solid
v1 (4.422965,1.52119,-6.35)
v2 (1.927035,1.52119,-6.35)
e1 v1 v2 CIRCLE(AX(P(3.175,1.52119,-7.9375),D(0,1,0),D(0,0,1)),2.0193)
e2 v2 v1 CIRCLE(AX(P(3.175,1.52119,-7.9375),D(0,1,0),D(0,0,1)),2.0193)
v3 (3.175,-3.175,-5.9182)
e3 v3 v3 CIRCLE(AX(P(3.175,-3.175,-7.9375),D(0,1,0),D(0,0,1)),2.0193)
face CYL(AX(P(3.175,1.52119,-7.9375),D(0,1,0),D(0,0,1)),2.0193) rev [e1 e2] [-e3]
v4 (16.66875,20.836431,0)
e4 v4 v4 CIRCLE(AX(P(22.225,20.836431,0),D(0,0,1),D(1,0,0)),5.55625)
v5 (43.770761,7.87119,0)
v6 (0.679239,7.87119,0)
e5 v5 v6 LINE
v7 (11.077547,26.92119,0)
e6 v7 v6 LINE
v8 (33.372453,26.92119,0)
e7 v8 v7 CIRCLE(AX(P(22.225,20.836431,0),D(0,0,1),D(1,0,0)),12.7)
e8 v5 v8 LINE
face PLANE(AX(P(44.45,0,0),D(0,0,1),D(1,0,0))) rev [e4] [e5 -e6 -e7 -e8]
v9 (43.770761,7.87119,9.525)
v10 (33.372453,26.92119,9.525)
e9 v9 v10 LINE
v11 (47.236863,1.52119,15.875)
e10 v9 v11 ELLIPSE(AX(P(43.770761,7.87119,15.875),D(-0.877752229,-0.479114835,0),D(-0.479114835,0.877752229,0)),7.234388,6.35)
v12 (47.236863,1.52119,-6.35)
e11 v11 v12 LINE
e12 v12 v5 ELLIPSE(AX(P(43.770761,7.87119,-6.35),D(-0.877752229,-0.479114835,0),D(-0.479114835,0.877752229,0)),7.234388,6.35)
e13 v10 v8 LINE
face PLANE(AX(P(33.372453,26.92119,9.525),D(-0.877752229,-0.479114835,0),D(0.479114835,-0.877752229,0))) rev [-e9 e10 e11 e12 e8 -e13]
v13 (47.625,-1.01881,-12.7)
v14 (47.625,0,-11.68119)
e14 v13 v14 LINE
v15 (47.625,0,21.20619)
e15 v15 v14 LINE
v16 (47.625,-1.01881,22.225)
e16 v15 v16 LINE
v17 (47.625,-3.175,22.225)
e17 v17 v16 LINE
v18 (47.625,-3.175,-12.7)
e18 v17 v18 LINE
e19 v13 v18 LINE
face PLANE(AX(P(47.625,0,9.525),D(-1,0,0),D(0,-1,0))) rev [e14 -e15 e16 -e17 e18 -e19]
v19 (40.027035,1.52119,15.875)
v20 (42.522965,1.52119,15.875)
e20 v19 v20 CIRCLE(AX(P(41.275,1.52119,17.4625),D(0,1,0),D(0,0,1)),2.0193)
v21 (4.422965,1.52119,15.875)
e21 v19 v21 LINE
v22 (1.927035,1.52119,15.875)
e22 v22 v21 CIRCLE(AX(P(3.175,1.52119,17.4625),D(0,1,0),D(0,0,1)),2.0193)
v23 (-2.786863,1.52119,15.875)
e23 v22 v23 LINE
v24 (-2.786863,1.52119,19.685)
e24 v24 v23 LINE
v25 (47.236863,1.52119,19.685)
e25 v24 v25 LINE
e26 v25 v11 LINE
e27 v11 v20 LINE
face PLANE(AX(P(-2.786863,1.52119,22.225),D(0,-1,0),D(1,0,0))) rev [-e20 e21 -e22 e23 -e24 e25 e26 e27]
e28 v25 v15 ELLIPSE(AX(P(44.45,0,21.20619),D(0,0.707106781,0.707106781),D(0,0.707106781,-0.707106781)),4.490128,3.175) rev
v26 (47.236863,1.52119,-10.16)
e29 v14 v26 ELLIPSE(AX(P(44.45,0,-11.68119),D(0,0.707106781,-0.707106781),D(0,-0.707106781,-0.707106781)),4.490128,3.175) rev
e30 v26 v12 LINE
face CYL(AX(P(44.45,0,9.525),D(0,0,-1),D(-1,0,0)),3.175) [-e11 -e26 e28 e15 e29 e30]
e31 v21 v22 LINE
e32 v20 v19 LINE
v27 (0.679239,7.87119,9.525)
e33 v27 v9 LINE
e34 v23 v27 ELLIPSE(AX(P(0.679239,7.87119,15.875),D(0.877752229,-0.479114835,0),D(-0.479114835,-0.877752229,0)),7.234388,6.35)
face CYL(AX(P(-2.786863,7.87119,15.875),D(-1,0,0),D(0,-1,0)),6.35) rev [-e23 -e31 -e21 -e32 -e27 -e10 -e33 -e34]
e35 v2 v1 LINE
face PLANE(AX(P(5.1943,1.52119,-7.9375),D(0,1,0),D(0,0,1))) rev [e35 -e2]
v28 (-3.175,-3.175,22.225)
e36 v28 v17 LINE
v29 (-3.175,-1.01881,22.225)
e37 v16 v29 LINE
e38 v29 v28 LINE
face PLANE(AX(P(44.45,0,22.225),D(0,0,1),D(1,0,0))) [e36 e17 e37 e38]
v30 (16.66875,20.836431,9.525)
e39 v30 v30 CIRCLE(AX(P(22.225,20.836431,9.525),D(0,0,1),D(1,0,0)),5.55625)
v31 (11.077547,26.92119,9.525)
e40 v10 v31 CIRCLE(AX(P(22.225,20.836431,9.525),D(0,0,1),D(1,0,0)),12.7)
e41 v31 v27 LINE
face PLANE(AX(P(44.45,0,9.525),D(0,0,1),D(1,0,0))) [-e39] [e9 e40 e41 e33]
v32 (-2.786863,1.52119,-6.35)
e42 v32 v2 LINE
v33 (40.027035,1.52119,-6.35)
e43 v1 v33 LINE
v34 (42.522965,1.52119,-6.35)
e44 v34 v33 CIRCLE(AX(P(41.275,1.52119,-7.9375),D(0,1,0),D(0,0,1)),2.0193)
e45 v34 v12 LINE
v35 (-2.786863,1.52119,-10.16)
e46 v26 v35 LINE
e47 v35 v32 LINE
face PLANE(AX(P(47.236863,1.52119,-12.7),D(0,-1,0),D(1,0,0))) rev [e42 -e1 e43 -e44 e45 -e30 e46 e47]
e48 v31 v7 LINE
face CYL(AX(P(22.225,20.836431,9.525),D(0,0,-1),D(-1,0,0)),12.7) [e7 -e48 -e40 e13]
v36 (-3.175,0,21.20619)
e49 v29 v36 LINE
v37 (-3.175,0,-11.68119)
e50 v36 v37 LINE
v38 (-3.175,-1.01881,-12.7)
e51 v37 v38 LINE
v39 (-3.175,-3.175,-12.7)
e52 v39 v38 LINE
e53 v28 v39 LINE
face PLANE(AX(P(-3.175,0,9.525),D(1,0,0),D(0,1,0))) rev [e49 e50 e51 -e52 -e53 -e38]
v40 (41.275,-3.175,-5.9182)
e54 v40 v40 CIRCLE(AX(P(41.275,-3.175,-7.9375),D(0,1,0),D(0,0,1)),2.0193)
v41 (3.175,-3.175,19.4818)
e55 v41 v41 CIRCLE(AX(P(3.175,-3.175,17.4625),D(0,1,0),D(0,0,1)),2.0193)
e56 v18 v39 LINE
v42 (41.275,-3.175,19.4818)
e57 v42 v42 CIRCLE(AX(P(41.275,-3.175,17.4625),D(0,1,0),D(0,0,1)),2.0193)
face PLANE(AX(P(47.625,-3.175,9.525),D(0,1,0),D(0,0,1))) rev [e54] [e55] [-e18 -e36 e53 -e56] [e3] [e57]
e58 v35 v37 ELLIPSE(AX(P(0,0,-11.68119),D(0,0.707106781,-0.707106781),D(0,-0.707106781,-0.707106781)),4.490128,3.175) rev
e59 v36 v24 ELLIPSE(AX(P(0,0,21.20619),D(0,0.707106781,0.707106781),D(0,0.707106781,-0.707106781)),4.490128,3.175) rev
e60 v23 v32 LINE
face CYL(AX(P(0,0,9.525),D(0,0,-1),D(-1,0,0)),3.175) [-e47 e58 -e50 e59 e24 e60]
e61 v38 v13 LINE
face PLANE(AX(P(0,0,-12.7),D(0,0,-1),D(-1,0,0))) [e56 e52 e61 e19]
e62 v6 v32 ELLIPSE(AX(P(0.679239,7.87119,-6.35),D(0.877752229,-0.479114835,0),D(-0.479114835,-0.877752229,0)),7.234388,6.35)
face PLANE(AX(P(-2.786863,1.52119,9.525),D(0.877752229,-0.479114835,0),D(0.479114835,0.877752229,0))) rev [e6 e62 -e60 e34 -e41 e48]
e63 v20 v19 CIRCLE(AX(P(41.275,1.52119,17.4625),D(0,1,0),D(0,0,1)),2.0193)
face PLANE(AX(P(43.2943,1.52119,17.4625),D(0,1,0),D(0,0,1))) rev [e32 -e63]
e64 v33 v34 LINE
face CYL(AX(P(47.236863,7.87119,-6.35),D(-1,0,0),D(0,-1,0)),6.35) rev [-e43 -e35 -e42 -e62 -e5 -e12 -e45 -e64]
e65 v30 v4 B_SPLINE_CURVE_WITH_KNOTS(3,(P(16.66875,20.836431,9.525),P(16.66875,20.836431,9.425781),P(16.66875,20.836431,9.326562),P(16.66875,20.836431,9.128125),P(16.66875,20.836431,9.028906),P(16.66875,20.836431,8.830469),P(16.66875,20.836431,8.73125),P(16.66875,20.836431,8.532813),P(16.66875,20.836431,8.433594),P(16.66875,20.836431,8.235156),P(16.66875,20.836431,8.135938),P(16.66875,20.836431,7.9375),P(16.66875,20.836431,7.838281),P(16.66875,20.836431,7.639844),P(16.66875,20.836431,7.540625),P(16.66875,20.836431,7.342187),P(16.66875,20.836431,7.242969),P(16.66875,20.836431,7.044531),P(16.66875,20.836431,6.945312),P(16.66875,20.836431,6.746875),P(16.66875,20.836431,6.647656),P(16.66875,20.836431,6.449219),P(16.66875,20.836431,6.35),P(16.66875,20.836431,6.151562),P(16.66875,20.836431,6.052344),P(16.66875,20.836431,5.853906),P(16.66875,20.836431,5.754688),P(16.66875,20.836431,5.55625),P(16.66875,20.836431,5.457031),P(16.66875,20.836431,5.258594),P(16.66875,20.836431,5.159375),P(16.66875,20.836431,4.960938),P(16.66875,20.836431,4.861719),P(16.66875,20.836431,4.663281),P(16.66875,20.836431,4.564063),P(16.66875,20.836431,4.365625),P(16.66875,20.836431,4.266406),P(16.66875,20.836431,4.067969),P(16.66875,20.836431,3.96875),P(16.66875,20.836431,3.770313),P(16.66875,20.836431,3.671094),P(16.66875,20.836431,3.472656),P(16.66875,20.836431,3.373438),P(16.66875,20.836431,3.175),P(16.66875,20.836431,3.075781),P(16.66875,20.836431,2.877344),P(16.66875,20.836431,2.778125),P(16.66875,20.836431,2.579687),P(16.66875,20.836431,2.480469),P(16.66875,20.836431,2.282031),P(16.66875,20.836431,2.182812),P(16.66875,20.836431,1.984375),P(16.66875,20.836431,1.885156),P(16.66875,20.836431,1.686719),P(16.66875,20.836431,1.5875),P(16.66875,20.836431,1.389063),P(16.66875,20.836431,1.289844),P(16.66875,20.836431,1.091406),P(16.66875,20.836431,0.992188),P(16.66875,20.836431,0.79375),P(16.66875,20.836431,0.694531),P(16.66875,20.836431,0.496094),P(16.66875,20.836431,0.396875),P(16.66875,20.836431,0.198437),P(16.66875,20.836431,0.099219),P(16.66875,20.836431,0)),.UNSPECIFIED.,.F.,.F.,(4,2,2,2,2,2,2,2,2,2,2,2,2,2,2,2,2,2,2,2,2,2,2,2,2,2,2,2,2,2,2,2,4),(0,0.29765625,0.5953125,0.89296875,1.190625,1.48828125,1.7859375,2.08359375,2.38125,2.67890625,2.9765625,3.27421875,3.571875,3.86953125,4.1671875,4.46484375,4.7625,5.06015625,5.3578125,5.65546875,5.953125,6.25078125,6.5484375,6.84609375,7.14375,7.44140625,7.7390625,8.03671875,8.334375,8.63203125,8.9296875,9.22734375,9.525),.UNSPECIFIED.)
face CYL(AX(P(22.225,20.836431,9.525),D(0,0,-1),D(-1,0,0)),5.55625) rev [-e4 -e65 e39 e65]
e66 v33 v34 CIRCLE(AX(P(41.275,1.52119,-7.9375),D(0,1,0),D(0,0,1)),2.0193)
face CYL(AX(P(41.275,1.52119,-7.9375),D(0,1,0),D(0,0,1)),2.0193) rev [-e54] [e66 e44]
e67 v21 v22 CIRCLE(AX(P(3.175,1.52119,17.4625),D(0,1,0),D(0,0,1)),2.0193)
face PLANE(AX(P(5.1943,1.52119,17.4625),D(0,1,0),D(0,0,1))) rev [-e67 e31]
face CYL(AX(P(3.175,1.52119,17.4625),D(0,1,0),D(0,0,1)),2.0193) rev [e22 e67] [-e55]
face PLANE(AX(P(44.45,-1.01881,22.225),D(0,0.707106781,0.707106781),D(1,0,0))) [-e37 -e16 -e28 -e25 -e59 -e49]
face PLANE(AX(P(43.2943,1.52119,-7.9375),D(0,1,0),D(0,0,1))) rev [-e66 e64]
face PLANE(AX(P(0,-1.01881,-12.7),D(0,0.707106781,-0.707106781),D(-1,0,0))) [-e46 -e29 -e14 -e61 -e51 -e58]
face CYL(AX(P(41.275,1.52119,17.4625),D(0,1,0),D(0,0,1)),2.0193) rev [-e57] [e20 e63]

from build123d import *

# Parameters (mm, degrees)
SKETCH1_R                       = 5.55625
BOSS_EXTRUDE1_DEPTH             = 9.525
BOSS_EXTRUDE2_DEPTH             = 12.7
CHAMFER3_SIZE                   = 2.54
BOSS_EXTRUDE3_START             = 12.7
BOSS_EXTRUDE3_DEPTH             = 12.7
CHAMFER4_SIZE                   = 2.54
FILLET4_R                       = 6.35
SKETCH9_W                       = 2.0193
SKETCH9_H                       = 4.6961896
F_10_32_TAPPED_HOLE1_AT_2_COUNT = 2
F_10_32_TAPPED_HOLE1_AT_2_PITCH = 38.1
F_10_32_TAPPED_HOLE1_AT_3_COUNT = 2
F_10_32_TAPPED_HOLE1_AT_3_PITCH = 45.790501198
F_10_32_TAPPED_HOLE1_AT_4_COUNT = 2
F_10_32_TAPPED_HOLE1_AT_4_PITCH = 25.4


with BuildPart() as part:
    # Sketch1 → Boss-Extrude1 (new body)
    with BuildSketch(Plane.XY):
        with BuildLine():
            Line((0, -3.175), (44.45, -3.175))
            Line((44.45, -3.175), (47.625, -3.175))
            Line((47.625, -3.175), (47.625, 0))
            ThreePointArc((47.625, 0), (47.52643593, 0.784963037), (47.236863327, 1.5211896))
            Line((47.236863327, 1.5211896), (33.372453307, 26.9211896))
            ThreePointArc((33.372453307, 26.9211896), (22.225, 33.536431201), (11.077546693, 26.9211896))
            Line((11.077546693, 26.9211896), (-2.786863327, 1.5211896))
            ThreePointArc((-2.786863327, 1.5211896), (-3.07643593, 0.784963037), (-3.175, 0))
            Line((-3.175, 0), (-3.175, -3.175))
            Line((-3.175, -3.175), (0, -3.175))
        make_face()
        with Locations(Location((22.225, 20.836431201, 0), (0, 0, 180))):
            Circle(SKETCH1_R, mode=Mode.SUBTRACT)
    extrude(amount=BOSS_EXTRUDE1_DEPTH)

    # Sketch4 → Boss-Extrude2 (add)
    with BuildSketch(Plane.XY.offset(9.525)):
        with BuildLine():
            Line((47.625, -3.175), (47.625, 0))
            ThreePointArc((47.625, 0), (47.52643593, 0.784963037), (47.236863327, 1.5211896))
            Line((47.236863327, 1.5211896), (-2.786863327, 1.5211896))
            ThreePointArc((-2.786863327, 1.5211896), (-3.07643593, 0.784963037), (-3.175, 0))
            Line((-3.175, 0), (-3.175, -3.175))
            Line((-3.175, -3.175), (47.625, -3.175))
        make_face()
    extrude(amount=BOSS_EXTRUDE2_DEPTH)

    # Chamfer3
    chamfer3_edges = [part.edges().sort_by_distance(p)[0] for p in [
        (22.225, 1.5211896, 22.225),
    ]]
    chamfer(chamfer3_edges, length=CHAMFER3_SIZE)

    # Sketch6 → Boss-Extrude3 (add)
    with BuildSketch(Plane(origin=(0, 0, 0), x_dir=(-1, 0, 0), z_dir=(0, 0, -1)).offset(BOSS_EXTRUDE3_START)):
        with BuildLine():
            Line((3.175, 0), (3.175, -3.175))
            Line((3.175, -3.175), (-47.625, -3.175))
            Line((-47.625, -3.175), (-47.625, 0))
            ThreePointArc((-47.625, 0), (-47.52643593, 0.784963037), (-47.236863327, 1.5211896))
            Line((-47.236863327, 1.5211896), (2.786863327, 1.5211896))
            ThreePointArc((2.786863327, 1.5211896), (3.07643593, 0.784963037), (3.175, 0))
        make_face()
    extrude(amount=-BOSS_EXTRUDE3_DEPTH)

    # Chamfer4
    chamfer4_edges = [part.edges().sort_by_distance(p)[0] for p in [
        (22.225, 1.5211896, -12.7),
    ]]
    chamfer(chamfer4_edges, length=CHAMFER4_SIZE)

    # Fillet4
    fillet4_edges = [part.edges().sort_by_distance(p)[0] for p in [
        (22.225, 1.5211896, 9.525),
        (22.225, 1.5211896, 0),
    ]]
    fillet(fillet4_edges, radius=FILLET4_R)

    # Sketch9 → #10-32 Tapped Hole1 (revolve, cut)
    with BuildSketch(Plane(origin=(3.175, 1.5211896, -7.9375), x_dir=(0, 0, 1), z_dir=(1, 0, 0))):
        with Locations((1.00965, 2.3480948)):
            Rectangle(SKETCH9_W, SKETCH9_H)
    f_10_32_tapped_hole1 = revolve(axis=Axis((3.175, 7.8711896, -7.9375), (0, -1, 0)), mode=Mode.SUBTRACT)

    # #10-32 Tapped Hole1 at 2: #10-32 Tapped Hole1 ×2
    with Locations(*[(i * F_10_32_TAPPED_HOLE1_AT_2_PITCH, 0, 0) for i in range(1, F_10_32_TAPPED_HOLE1_AT_2_COUNT)]):
        add(f_10_32_tapped_hole1, mode=Mode.SUBTRACT)

    # #10-32 Tapped Hole1 at 3: #10-32 Tapped Hole1 ×2
    with Locations(*[Vector(0.8320502943378437, 0, 0.5547001962252291) * (i * F_10_32_TAPPED_HOLE1_AT_3_PITCH) for i in range(1, F_10_32_TAPPED_HOLE1_AT_3_COUNT)]):
        add(f_10_32_tapped_hole1, mode=Mode.SUBTRACT)

    # #10-32 Tapped Hole1 at 4: #10-32 Tapped Hole1 ×2
    with Locations(*[(0, 0, i * F_10_32_TAPPED_HOLE1_AT_4_PITCH) for i in range(1, F_10_32_TAPPED_HOLE1_AT_4_COUNT)]):
        add(f_10_32_tapped_hole1, mode=Mode.SUBTRACT)


solid = part.part
